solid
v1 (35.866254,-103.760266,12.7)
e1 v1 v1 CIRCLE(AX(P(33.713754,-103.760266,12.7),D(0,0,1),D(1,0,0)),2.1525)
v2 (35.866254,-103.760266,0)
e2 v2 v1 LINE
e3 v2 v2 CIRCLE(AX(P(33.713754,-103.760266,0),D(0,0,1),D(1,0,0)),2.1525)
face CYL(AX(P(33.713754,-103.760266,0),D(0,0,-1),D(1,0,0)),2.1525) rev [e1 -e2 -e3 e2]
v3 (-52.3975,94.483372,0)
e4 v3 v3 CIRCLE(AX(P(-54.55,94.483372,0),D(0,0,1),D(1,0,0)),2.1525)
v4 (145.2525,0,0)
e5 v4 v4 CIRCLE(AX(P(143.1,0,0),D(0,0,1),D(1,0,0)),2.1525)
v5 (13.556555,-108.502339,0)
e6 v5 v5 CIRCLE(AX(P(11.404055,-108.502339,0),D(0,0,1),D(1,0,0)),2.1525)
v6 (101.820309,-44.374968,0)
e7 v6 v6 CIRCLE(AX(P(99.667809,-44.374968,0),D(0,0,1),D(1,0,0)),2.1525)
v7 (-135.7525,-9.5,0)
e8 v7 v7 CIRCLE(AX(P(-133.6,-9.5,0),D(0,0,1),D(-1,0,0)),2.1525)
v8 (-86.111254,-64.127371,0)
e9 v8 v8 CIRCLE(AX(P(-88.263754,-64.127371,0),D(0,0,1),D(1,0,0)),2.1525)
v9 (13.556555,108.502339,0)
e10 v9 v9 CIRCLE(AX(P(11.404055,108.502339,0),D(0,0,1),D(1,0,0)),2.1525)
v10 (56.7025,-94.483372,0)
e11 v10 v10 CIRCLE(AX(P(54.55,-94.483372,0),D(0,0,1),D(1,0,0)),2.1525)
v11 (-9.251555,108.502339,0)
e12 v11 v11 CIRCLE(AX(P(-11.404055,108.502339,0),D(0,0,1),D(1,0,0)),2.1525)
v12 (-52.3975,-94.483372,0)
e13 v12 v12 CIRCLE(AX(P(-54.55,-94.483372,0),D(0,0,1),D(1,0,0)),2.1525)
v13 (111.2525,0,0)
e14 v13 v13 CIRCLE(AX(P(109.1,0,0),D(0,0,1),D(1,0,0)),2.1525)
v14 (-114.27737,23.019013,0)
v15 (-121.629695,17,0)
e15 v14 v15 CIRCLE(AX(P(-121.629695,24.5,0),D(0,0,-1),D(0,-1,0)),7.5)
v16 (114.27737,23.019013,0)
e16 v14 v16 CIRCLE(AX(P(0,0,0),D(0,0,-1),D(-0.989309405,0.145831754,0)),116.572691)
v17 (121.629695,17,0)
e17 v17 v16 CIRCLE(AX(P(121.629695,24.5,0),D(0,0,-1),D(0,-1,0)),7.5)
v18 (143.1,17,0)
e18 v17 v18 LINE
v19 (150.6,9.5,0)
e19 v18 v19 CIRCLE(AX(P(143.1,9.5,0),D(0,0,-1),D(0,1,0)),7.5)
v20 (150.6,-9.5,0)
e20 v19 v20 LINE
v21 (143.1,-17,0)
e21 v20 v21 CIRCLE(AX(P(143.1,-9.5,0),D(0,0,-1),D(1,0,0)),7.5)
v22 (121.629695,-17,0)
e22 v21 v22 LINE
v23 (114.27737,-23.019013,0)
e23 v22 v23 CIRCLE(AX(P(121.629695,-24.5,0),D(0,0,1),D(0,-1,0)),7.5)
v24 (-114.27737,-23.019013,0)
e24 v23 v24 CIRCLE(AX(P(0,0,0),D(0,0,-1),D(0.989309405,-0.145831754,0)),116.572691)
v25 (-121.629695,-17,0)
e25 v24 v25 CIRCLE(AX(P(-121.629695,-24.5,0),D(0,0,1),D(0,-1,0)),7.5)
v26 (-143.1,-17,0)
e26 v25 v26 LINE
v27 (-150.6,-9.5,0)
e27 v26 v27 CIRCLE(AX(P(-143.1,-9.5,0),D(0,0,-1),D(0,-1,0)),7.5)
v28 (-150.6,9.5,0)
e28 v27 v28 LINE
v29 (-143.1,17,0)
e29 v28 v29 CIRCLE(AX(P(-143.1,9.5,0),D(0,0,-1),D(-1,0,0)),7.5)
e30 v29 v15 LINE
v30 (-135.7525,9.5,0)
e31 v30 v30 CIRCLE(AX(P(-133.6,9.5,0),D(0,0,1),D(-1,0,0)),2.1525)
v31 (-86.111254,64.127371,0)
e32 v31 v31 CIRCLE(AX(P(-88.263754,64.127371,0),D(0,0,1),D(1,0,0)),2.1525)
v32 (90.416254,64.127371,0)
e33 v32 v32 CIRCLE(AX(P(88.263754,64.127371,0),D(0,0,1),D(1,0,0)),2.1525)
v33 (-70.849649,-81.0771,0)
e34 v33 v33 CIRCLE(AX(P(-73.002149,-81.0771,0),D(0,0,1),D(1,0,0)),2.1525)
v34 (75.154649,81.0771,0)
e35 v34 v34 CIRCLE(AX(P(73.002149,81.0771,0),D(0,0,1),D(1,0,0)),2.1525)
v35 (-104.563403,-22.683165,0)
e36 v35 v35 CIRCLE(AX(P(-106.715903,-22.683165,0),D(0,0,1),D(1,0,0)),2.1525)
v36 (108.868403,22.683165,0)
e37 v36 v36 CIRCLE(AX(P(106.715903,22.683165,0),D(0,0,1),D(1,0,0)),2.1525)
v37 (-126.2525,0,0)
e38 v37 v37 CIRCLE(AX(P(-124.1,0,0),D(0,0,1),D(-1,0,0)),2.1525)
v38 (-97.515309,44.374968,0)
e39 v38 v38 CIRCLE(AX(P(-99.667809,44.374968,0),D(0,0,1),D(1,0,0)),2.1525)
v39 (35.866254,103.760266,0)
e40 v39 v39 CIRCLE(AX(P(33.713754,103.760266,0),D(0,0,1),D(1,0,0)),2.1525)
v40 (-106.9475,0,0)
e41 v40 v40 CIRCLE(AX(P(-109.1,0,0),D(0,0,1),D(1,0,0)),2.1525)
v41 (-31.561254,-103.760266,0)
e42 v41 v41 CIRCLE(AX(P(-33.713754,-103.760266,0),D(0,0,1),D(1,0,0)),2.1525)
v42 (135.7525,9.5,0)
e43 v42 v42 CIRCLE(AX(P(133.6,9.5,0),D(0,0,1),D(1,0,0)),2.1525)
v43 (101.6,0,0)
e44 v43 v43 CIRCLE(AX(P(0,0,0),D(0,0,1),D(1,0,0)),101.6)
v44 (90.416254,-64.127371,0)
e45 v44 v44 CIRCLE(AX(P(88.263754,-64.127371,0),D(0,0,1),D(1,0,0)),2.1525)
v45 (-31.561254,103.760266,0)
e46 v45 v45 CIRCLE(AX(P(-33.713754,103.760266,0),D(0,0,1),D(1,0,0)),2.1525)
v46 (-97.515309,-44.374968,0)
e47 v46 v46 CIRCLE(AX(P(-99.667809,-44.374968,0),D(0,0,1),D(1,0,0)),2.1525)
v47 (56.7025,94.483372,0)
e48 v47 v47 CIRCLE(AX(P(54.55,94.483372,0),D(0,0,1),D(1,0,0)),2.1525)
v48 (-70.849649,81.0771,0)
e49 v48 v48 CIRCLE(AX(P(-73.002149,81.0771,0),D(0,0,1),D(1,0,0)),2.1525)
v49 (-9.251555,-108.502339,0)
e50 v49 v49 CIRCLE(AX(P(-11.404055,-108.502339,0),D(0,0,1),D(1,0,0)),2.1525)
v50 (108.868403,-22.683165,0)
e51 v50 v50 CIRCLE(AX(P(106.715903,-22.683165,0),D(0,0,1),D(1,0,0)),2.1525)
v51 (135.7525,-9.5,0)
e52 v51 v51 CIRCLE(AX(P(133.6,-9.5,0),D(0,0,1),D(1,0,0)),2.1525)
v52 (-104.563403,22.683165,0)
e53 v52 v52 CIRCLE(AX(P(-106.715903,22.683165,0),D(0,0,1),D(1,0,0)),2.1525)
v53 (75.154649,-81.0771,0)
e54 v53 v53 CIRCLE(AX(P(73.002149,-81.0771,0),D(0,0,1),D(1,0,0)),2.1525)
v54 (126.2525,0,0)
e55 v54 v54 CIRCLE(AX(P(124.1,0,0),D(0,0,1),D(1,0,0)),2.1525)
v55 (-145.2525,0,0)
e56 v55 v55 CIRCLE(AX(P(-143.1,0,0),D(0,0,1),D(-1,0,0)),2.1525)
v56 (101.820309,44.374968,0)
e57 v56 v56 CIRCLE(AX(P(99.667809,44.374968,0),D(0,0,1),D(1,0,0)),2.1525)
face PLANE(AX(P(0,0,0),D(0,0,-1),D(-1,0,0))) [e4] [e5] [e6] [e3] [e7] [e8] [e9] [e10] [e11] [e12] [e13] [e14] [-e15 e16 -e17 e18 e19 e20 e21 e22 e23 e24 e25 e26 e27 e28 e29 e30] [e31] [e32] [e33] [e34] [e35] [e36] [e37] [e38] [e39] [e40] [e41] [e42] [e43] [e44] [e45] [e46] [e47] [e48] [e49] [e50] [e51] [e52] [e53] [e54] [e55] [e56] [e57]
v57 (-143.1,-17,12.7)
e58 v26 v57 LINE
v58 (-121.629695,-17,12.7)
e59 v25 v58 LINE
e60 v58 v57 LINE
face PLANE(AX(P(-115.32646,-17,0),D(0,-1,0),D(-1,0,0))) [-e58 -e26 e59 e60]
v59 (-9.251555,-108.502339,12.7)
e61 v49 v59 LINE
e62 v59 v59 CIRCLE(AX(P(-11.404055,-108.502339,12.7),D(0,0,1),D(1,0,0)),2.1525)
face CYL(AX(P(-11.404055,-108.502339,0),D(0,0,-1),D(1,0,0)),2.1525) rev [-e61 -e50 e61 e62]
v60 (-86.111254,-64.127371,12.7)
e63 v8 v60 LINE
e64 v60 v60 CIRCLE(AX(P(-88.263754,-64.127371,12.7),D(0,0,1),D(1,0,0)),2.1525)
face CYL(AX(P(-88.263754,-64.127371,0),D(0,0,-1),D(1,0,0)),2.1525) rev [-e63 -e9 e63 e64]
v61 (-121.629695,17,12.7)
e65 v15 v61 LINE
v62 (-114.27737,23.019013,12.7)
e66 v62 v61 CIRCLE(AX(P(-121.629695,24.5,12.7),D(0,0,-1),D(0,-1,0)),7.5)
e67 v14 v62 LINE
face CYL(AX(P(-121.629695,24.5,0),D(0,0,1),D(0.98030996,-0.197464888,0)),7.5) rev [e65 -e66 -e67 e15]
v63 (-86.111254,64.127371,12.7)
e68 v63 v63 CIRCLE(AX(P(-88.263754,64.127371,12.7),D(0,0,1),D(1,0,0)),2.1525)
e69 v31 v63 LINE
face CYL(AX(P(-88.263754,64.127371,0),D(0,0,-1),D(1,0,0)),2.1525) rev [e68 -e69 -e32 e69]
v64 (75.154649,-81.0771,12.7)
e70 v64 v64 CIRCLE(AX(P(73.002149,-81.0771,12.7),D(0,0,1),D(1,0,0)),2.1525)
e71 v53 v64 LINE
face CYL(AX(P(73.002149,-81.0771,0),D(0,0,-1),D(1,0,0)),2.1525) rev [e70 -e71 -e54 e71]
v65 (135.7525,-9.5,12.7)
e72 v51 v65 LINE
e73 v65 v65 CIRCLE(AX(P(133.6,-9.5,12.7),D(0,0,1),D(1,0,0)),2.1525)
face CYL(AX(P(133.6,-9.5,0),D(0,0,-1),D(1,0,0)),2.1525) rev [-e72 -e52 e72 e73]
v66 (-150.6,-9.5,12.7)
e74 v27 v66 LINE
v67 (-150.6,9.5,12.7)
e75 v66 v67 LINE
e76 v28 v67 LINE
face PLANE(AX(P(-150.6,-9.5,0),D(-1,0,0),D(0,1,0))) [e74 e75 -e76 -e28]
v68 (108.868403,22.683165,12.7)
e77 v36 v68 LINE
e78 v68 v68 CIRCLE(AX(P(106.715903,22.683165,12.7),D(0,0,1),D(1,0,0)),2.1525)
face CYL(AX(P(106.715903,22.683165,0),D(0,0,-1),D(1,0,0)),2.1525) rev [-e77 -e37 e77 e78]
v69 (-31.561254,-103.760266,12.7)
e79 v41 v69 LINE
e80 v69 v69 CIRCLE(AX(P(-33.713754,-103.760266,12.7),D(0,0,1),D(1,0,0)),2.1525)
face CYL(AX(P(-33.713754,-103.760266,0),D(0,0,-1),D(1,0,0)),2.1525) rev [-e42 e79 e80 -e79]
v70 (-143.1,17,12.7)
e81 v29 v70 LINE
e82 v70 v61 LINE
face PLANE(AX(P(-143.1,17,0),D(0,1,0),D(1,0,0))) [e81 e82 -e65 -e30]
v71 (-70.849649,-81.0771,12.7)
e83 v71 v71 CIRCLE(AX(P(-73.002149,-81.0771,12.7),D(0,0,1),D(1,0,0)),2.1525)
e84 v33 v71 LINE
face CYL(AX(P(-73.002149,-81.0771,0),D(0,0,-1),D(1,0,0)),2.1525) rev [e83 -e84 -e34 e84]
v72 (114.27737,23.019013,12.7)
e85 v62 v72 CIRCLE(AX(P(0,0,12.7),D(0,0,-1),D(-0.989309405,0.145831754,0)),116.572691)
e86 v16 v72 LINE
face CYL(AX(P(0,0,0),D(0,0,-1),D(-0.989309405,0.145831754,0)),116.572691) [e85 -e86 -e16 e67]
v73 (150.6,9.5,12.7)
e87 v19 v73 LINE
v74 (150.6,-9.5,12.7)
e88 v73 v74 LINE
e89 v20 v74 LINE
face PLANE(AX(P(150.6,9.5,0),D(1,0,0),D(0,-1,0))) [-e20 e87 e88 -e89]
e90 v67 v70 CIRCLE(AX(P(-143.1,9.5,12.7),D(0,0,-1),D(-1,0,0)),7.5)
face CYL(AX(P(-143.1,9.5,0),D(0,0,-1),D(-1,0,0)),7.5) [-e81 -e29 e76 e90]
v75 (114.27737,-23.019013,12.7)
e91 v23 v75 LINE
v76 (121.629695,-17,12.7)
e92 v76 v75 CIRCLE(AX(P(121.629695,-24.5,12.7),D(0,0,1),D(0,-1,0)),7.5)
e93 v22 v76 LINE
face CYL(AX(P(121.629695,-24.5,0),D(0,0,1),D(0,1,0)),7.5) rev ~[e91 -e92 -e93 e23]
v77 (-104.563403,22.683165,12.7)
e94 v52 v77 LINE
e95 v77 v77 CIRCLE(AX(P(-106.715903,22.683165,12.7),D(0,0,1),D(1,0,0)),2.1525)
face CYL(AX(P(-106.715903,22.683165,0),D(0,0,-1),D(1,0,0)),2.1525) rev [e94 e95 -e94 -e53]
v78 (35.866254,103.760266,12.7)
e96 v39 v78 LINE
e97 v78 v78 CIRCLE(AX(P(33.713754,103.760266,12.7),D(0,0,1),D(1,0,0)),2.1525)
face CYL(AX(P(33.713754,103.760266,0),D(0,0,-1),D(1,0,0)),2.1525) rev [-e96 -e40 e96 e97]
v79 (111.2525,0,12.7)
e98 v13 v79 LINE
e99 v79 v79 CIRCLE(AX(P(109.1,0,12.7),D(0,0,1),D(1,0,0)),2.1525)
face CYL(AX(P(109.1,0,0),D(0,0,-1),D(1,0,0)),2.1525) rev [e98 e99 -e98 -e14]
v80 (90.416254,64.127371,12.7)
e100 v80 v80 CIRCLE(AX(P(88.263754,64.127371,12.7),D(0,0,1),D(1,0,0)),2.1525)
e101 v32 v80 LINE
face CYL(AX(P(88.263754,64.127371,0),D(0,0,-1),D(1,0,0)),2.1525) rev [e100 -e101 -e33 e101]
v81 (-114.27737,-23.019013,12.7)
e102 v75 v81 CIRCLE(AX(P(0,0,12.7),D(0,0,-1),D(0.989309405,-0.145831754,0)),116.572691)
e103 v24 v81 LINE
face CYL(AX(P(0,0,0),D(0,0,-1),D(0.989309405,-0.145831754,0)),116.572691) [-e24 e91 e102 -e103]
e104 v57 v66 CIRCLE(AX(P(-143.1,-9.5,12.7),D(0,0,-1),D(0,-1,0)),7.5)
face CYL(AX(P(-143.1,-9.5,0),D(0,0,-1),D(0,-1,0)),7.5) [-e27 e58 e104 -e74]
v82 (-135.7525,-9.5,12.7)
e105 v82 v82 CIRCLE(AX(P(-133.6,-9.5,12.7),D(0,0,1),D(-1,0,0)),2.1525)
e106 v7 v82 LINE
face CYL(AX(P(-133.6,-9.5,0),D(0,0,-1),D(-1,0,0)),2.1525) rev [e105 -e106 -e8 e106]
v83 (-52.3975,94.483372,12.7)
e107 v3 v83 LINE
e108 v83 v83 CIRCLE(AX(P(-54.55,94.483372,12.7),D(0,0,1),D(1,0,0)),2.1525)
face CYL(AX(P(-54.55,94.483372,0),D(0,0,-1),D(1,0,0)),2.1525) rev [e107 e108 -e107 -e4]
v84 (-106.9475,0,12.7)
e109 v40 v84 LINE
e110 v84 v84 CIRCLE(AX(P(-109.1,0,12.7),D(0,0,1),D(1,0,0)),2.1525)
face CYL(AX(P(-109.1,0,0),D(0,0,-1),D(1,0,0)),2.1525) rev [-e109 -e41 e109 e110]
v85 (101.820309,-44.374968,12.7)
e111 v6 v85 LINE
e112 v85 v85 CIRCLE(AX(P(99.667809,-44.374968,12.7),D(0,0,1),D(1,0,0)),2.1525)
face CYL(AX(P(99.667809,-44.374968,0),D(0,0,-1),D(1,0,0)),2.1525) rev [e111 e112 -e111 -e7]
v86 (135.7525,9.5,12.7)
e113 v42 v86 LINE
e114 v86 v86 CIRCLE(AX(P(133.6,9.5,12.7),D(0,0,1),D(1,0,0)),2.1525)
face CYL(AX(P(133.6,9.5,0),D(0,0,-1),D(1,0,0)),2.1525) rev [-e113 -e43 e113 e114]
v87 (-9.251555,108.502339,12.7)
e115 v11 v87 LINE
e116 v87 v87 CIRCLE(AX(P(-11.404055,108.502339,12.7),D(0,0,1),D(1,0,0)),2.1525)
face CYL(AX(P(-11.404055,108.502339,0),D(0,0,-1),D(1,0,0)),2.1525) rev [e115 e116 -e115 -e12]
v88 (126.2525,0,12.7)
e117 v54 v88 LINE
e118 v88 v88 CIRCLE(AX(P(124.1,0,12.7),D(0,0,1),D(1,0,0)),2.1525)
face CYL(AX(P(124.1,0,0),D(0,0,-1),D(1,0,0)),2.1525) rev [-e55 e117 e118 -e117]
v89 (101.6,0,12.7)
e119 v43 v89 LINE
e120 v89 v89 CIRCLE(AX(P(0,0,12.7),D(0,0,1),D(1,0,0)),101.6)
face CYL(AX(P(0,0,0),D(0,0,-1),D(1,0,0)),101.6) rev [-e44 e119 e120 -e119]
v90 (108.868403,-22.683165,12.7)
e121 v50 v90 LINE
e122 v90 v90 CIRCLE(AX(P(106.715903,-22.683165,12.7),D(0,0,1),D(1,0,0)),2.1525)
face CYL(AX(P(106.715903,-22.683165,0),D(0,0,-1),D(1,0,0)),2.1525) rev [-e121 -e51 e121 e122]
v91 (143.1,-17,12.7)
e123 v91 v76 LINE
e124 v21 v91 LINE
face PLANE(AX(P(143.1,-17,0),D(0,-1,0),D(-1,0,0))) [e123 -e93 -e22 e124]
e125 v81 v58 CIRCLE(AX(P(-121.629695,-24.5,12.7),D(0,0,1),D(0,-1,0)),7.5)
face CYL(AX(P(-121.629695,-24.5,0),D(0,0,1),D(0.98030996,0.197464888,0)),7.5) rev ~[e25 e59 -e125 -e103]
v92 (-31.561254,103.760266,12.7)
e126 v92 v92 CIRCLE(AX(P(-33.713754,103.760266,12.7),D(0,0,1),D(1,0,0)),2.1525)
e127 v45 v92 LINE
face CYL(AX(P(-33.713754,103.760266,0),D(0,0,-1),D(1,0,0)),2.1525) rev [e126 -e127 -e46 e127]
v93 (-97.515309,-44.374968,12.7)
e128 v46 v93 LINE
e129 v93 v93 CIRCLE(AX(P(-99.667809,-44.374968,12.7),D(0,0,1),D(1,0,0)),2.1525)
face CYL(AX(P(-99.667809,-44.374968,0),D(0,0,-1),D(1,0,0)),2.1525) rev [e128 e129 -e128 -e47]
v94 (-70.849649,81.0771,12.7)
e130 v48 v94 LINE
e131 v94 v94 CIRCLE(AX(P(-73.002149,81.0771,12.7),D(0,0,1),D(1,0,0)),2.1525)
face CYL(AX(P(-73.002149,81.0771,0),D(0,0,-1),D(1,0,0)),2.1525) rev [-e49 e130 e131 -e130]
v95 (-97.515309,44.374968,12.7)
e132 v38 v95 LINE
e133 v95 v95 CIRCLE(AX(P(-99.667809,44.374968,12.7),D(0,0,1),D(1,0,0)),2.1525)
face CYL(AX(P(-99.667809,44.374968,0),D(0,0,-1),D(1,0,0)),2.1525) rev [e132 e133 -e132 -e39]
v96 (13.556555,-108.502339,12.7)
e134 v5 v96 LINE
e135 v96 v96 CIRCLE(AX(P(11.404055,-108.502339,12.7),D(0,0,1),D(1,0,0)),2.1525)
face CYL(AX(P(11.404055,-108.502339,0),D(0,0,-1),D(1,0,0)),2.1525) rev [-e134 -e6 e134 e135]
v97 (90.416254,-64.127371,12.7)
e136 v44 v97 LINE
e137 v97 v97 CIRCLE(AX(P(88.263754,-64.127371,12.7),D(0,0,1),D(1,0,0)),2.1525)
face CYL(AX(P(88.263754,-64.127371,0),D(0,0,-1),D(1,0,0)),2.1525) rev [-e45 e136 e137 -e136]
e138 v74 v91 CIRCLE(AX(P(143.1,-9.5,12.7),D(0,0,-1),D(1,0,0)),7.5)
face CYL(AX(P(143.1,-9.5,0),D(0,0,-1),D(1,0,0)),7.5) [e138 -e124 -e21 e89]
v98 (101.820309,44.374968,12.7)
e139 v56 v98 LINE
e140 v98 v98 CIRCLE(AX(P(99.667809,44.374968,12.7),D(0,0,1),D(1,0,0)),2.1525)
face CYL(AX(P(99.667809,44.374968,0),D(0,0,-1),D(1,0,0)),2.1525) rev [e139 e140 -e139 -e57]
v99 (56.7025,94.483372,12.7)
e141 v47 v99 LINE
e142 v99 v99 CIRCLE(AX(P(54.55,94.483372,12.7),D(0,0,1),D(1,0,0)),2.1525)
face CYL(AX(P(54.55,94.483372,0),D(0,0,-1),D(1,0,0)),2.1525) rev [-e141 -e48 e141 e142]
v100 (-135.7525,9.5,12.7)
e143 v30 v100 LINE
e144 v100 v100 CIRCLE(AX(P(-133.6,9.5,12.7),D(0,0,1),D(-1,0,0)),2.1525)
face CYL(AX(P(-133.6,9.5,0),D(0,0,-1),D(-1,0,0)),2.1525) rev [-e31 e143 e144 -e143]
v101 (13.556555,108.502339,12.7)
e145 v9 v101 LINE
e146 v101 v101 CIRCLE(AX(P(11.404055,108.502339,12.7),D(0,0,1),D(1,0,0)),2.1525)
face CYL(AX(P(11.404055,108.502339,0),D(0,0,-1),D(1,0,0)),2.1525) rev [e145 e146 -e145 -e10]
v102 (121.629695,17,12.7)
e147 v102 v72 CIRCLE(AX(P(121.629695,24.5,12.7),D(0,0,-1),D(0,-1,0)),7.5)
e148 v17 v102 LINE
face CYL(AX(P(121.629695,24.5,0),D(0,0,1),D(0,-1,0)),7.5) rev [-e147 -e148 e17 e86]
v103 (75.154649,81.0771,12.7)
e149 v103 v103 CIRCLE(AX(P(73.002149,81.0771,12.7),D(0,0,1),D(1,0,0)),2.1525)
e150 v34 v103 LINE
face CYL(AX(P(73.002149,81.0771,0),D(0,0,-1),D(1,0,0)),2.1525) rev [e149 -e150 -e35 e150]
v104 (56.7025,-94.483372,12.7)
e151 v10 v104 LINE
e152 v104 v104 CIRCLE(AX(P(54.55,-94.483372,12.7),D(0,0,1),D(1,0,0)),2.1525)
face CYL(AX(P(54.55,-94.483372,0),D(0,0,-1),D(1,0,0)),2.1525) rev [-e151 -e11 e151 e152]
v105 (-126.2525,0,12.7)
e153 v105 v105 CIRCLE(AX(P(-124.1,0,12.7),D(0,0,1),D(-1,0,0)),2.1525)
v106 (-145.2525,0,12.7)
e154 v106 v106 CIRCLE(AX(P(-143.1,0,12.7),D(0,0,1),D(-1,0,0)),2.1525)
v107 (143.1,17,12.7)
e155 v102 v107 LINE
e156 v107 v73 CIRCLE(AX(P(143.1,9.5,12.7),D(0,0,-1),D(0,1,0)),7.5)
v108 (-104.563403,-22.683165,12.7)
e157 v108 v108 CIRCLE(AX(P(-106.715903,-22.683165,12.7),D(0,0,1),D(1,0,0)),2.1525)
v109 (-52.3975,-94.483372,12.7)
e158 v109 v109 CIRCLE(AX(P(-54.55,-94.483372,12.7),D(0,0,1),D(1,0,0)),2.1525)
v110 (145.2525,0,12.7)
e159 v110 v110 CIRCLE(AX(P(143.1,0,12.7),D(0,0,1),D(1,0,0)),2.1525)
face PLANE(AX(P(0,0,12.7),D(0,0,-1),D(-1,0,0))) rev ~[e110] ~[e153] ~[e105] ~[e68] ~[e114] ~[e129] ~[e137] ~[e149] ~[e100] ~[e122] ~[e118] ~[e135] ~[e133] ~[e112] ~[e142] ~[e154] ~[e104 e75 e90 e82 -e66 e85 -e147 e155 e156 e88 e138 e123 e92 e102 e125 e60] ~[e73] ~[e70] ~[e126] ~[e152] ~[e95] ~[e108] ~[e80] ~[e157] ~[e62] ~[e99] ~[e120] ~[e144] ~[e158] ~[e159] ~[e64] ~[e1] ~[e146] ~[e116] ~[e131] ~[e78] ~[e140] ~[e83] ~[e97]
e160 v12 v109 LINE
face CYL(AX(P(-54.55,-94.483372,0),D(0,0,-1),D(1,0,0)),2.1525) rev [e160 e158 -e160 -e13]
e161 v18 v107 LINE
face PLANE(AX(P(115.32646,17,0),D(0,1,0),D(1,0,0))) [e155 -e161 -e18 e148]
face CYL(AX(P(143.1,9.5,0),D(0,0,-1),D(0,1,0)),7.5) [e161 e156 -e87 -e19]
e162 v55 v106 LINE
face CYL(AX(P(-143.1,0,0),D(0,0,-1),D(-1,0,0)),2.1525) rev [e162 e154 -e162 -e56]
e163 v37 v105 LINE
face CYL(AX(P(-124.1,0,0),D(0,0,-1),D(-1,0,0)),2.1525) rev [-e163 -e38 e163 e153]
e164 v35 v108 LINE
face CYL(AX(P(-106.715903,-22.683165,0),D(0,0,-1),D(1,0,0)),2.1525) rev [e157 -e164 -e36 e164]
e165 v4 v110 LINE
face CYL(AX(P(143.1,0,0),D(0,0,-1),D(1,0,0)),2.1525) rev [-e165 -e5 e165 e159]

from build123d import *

# Parameters (mm, degrees)
SKETCH1_R           = 101.6
SKETCH1_R_2         = 2.1525
BOSS_EXTRUDE1_DEPTH = 12.7
FILLET1_R           = 7.5


with BuildPart() as part:
    # Sketch1 → Boss-Extrude1 (new body)
    with BuildSketch(Plane.XY):
        with BuildLine():
            Line((115.326459663, 17), (143.1, 17))
            ThreePointArc((143.1, 17), (148.403300859, 14.803300859), (150.6, 9.5))
            Line((150.6, 9.5), (150.6, -9.5))
            ThreePointArc((150.6, -9.5), (148.403300859, -14.803300859), (143.1, -17))
            Line((143.1, -17), (115.326459663, -17))
            ThreePointArc((115.326459663, -17), (0, -116.572691049), (-115.326459663, -17))
            Line((-115.326459663, -17), (-143.1, -17))
            ThreePointArc((-143.1, -17), (-148.403300859, -14.803300859), (-150.6, -9.5))
            Line((-150.6, -9.5), (-150.6, 9.5))
            ThreePointArc((-150.6, 9.5), (-148.403300859, 14.803300859), (-143.1, 17))
            Line((-143.1, 17), (-115.326459663, 17))
            ThreePointArc((-115.326459663, 17), (0, 116.572691049), (115.326459663, 17))
        make_face()
        Circle(SKETCH1_R, mode=Mode.SUBTRACT)
        with Locations((109.1, 0)):
            Circle(SKETCH1_R_2, mode=Mode.SUBTRACT)
        with Locations((106.71590324, -22.683165468)):
            Circle(SKETCH1_R_2, mode=Mode.SUBTRACT)
        with Locations((99.667809429, -44.37496776)):
            Circle(SKETCH1_R_2, mode=Mode.SUBTRACT)
        with Locations((88.263754086, -64.127371025)):
            Circle(SKETCH1_R_2, mode=Mode.SUBTRACT)
        with Locations((73.002149154, -81.07710046)):
            Circle(SKETCH1_R_2, mode=Mode.SUBTRACT)
        with Locations((54.55, -94.483371553)):
            Circle(SKETCH1_R_2, mode=Mode.SUBTRACT)
        with Locations((33.713754086, -103.760265928)):
            Circle(SKETCH1_R_2, mode=Mode.SUBTRACT)
        with Locations((11.404055343, -108.502338785)):
            Circle(SKETCH1_R_2, mode=Mode.SUBTRACT)
        with Locations((-11.404055343, -108.502338785)):
            Circle(SKETCH1_R_2, mode=Mode.SUBTRACT)
        with Locations((-33.713754086, -103.760265928)):
            Circle(SKETCH1_R_2, mode=Mode.SUBTRACT)
        with Locations((-54.55, -94.483371553)):
            Circle(SKETCH1_R_2, mode=Mode.SUBTRACT)
        with Locations((-73.002149154, -81.07710046)):
            Circle(SKETCH1_R_2, mode=Mode.SUBTRACT)
        with Locations((-88.263754086, -64.127371025)):
            Circle(SKETCH1_R_2, mode=Mode.SUBTRACT)
        with Locations((-99.667809429, -44.37496776)):
            Circle(SKETCH1_R_2, mode=Mode.SUBTRACT)
        with Locations((-106.71590324, -22.683165468)):
            Circle(SKETCH1_R_2, mode=Mode.SUBTRACT)
        with Locations((-109.1, 0)):
            Circle(SKETCH1_R_2, mode=Mode.SUBTRACT)
        with Locations((-106.71590324, 22.683165468)):
            Circle(SKETCH1_R_2, mode=Mode.SUBTRACT)
        with Locations((-99.667809429, 44.37496776)):
            Circle(SKETCH1_R_2, mode=Mode.SUBTRACT)
        with Locations((-88.263754086, 64.127371025)):
            Circle(SKETCH1_R_2, mode=Mode.SUBTRACT)
        with Locations((-73.002149154, 81.07710046)):
            Circle(SKETCH1_R_2, mode=Mode.SUBTRACT)
        with Locations((-54.55, 94.483371553)):
            Circle(SKETCH1_R_2, mode=Mode.SUBTRACT)
        with Locations((-33.713754086, 103.760265928)):
            Circle(SKETCH1_R_2, mode=Mode.SUBTRACT)
        with Locations((-11.404055343, 108.502338785)):
            Circle(SKETCH1_R_2, mode=Mode.SUBTRACT)
        with Locations((11.404055343, 108.502338785)):
            Circle(SKETCH1_R_2, mode=Mode.SUBTRACT)
        with Locations((33.713754086, 103.760265928)):
            Circle(SKETCH1_R_2, mode=Mode.SUBTRACT)
        with Locations((54.55, 94.483371553)):
            Circle(SKETCH1_R_2, mode=Mode.SUBTRACT)
        with Locations((73.002149154, 81.07710046)):
            Circle(SKETCH1_R_2, mode=Mode.SUBTRACT)
        with Locations((88.263754086, 64.127371025)):
            Circle(SKETCH1_R_2, mode=Mode.SUBTRACT)
        with Locations((99.667809429, 44.37496776)):
            Circle(SKETCH1_R_2, mode=Mode.SUBTRACT)
        with Locations((106.71590324, 22.683165468)):
            Circle(SKETCH1_R_2, mode=Mode.SUBTRACT)
        with Locations((133.6, 9.5)):
            Circle(SKETCH1_R_2, mode=Mode.SUBTRACT)
        with Locations((133.6, -9.5)):
            Circle(SKETCH1_R_2, mode=Mode.SUBTRACT)
        with Locations((143.1, 0)):
            Circle(SKETCH1_R_2, mode=Mode.SUBTRACT)
        with Locations((124.1, 0)):
            Circle(SKETCH1_R_2, mode=Mode.SUBTRACT)
        with Locations(Location((-143.1, 0, 0), (0, 0, 180))):
            Circle(SKETCH1_R_2, mode=Mode.SUBTRACT)
        with Locations(Location((-133.6, -9.5, 0), (0, 0, 180))):
            Circle(SKETCH1_R_2, mode=Mode.SUBTRACT)
        with Locations(Location((-124.1, 0, 0), (0, 0, 180))):
            Circle(SKETCH1_R_2, mode=Mode.SUBTRACT)
        with Locations(Location((-133.6, 9.5, 0), (0, 0, 180))):
            Circle(SKETCH1_R_2, mode=Mode.SUBTRACT)
    extrude(amount=BOSS_EXTRUDE1_DEPTH)

    # Fillet1
    fillet1_edges = [part.edges().sort_by_distance(p)[0] for p in [
        (115.326459663, 17, 6.35),
        (115.326459663, -17, 6.35),
        (-115.326459663, -17, 6.35),
        (-115.326459663, 17, 6.35),
    ]]
    fillet(fillet1_edges, radius=FILLET1_R)


solid = part.part
